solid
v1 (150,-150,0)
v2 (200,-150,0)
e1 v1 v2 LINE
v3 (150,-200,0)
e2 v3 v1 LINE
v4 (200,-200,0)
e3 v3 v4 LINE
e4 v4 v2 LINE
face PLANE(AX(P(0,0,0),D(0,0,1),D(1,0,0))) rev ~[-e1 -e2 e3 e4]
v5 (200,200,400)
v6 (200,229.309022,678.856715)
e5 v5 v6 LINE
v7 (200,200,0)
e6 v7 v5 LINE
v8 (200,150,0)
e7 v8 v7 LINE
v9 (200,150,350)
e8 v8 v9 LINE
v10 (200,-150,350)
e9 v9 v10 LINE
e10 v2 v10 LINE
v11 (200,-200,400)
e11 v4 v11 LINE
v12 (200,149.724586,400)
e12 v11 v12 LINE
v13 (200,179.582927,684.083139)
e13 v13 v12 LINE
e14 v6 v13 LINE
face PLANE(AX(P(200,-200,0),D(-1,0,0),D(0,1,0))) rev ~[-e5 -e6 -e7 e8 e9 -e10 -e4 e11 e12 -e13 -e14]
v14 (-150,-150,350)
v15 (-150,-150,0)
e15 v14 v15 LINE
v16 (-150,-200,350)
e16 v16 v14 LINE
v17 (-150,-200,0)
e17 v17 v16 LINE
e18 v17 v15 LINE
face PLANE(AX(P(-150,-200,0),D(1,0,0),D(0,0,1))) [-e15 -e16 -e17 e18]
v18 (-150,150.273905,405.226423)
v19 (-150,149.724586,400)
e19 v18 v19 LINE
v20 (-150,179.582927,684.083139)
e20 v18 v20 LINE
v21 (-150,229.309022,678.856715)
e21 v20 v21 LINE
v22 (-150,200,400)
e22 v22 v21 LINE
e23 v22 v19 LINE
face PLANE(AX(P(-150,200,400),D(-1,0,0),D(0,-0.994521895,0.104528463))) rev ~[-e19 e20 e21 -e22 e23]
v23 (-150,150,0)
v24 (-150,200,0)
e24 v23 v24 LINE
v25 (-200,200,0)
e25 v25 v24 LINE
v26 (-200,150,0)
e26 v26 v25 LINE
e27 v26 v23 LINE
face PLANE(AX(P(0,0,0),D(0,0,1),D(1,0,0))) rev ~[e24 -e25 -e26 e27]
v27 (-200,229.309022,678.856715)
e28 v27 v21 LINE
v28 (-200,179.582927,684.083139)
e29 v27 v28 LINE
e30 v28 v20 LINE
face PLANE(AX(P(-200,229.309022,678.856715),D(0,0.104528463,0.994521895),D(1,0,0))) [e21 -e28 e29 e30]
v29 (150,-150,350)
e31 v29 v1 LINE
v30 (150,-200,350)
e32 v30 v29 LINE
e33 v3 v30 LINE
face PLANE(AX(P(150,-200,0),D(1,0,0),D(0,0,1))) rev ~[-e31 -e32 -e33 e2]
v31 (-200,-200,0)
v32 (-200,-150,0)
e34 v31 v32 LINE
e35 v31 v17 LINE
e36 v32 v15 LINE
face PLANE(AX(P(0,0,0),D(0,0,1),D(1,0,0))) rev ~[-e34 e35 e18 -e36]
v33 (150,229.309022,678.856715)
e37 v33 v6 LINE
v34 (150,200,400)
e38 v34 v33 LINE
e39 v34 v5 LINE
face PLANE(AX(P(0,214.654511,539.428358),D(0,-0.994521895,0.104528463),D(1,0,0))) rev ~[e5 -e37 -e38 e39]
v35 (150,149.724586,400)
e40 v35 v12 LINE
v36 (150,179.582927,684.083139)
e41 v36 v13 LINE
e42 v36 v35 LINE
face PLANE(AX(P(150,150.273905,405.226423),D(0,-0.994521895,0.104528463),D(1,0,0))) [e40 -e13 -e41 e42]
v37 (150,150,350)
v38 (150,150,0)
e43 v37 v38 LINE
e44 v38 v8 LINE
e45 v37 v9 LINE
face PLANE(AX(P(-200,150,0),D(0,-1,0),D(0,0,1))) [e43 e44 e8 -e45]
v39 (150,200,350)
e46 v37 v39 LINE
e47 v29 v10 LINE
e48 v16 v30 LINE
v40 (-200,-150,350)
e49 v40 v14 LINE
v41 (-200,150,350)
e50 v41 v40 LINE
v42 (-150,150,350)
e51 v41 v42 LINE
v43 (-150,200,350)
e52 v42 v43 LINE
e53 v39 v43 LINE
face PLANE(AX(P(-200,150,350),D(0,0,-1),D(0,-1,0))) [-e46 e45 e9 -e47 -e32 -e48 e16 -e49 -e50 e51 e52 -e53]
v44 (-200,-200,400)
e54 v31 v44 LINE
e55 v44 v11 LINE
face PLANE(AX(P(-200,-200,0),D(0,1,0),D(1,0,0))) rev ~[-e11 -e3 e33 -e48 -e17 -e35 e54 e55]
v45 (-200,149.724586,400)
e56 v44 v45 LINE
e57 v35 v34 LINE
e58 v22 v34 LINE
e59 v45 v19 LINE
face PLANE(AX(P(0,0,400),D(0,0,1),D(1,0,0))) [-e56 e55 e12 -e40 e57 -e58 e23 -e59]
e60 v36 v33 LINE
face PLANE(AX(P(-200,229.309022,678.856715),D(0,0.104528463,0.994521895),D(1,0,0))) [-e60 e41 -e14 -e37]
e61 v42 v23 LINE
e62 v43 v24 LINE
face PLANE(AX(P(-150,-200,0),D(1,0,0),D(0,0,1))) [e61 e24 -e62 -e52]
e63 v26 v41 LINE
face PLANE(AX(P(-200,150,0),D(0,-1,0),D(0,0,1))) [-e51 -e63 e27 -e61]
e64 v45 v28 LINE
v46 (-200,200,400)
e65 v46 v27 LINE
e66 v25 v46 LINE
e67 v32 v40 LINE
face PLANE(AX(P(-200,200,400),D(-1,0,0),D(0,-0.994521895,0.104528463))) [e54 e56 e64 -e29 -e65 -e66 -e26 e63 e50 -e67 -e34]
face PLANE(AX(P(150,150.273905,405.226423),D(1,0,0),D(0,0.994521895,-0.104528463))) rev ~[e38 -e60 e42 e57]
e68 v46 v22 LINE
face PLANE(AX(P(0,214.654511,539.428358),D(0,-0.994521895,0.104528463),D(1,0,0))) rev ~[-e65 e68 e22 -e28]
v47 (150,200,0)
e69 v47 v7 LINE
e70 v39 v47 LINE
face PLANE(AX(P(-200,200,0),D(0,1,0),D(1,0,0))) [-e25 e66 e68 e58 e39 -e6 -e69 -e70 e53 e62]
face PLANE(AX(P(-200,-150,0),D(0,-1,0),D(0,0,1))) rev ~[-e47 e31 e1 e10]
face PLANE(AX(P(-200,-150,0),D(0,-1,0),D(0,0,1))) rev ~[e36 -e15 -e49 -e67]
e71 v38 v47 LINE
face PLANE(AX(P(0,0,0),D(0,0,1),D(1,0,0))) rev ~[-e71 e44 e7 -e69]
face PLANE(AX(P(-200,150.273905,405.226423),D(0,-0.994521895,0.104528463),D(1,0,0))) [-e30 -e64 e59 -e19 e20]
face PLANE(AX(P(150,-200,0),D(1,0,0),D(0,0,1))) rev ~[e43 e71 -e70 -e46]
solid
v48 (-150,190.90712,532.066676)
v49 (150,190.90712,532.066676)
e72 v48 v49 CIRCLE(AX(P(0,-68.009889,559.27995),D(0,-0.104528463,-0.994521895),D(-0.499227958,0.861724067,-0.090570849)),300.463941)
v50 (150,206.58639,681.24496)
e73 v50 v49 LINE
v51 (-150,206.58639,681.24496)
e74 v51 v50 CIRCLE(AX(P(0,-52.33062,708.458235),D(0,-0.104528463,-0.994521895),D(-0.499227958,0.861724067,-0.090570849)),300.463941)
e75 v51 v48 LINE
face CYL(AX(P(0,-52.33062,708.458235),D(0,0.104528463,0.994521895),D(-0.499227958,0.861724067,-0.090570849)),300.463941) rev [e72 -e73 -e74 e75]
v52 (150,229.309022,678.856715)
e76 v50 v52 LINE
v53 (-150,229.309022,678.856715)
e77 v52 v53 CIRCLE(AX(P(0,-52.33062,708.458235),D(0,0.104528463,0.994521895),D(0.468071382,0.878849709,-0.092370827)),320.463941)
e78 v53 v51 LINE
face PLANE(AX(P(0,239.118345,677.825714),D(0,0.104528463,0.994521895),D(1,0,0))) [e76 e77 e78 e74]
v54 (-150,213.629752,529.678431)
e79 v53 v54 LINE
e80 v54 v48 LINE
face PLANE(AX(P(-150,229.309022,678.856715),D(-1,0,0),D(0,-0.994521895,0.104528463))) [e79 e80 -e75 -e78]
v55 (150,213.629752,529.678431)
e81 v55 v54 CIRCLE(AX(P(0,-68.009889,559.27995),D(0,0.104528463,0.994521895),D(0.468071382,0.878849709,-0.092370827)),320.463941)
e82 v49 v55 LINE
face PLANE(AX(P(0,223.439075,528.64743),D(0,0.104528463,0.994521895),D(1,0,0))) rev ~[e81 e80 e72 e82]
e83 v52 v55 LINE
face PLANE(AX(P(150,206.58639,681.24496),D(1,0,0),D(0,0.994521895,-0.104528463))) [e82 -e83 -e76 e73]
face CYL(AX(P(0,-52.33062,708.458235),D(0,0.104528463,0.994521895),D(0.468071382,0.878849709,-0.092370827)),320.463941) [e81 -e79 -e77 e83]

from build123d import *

# Parameters (mm, degrees)
F0_W       = 400
F0_H       = 400
F1_DEPTH   = 400
F2_W       = 300
F2_H       = 350
F3_DEPTH   = 400.001
F4_W       = 300
F4_H       = 350
F5_DEPTH   = 400.001
F9_W       = 400
F9_H       = 280.3927361965
F10_DEPTH  = 50
F11_W      = 300
F11_H      = 280.3927361965
F12_DEPTH  = 120.9608492449
F15_DEPTH  = 150
F16_DEPTH  = 5.2552117633
F12_FACE_W = 50
F12_FACE_H = 50


with BuildPart() as f1:
    # F0 (on Top) → F1 (new body)
    with BuildSketch(Plane.XY):
        Rectangle(F0_W, F0_H)
    extrude(amount=F1_DEPTH)

    # F2 (on face) → F3 (cut, through all)
    with BuildSketch(Plane.XZ.offset(200)):
        with Locations((0, 175)):
            Rectangle(F2_W, F2_H)
    extrude(amount=-F3_DEPTH, mode=Mode.SUBTRACT)

    # F4 (on face) → F5 (cut, through all)
    with BuildSketch(Plane(origin=(-200, 0, 0), x_dir=(0, -1, 0), z_dir=(-1, 0, 0))):
        with Locations((0, 175)):
            Rectangle(F4_W, F4_H)
    extrude(amount=-F5_DEPTH, mode=Mode.SUBTRACT)



with BuildPart() as f10:
    # F9 (on line) → F10 (new body)
    with BuildSketch(Plane(origin=(0, 156.2324219098, -16.4206892285), x_dir=(1, 0, 0), z_dir=(0, -0.9945218954, 0.1045284633))):
        with Locations((0, 558.9108188991)):
            Rectangle(F9_W, F9_H)
    extrude(amount=F10_DEPTH)

    # F11 (on face) → F12 (cut, through all)
    with BuildSketch(Plane(origin=(0, 106.5063271414, -11.1942660652), x_dir=(1, 0, 0), z_dir=(0, -0.9945218954, 0.1045284633))):
        with Locations((0, 558.9108188991)):
            Rectangle(F11_W, F11_H)
    extrude(amount=-F12_DEPTH, mode=Mode.SUBTRACT)


with BuildPart() as f15:
    # F14 (on offset) → F15 (new body)
    with BuildSketch(Plane(origin=(0, 73.0765999162, 695.2774046782), x_dir=(1, 0, 0), z_dir=(0, 0.1045284633, 0.9945218954))):
        with BuildLine():
            Line((150, 134.2451988675), (150, 157.0929937666))
            ThreePointArc((150, 157.0929937666), (0, 194.3659435427), (-150, 157.0929937666))
            Line((-150, 157.0929937666), (-150, 134.2451988675))
            ThreePointArc((-150, 134.2451988675), (0, 174.3659435427), (150, 134.2451988675))
        make_face()
    extrude(amount=-F15_DEPTH)


with BuildPart() as f1_1:
    add(f1.part)
    # F16 (add, through all): a face of the model
    f16_faces = [f10.part.faces().sort_by_distance(p)[0] for p in [
        (175, 175.1369526158, 402.6132115817),
    ]]

    add(f10.part)  # F16 merges F10
    extrude(f16_faces, amount=F16_DEPTH)

    # F12_face (on face) → F17 (join, up to the next surface of F1)
    with BuildSketch(Plane(origin=(175, 175.1369526158, 402.6132115817), x_dir=(1, 0, 0), z_dir=(0, -0.1045284633, -0.9945218954))):
        with Locations((-350, 0)):
            Rectangle(F12_FACE_W, F12_FACE_H)
    extrude(until=Until.NEXT)


solid = Compound([f15.part, f1_1.part])
